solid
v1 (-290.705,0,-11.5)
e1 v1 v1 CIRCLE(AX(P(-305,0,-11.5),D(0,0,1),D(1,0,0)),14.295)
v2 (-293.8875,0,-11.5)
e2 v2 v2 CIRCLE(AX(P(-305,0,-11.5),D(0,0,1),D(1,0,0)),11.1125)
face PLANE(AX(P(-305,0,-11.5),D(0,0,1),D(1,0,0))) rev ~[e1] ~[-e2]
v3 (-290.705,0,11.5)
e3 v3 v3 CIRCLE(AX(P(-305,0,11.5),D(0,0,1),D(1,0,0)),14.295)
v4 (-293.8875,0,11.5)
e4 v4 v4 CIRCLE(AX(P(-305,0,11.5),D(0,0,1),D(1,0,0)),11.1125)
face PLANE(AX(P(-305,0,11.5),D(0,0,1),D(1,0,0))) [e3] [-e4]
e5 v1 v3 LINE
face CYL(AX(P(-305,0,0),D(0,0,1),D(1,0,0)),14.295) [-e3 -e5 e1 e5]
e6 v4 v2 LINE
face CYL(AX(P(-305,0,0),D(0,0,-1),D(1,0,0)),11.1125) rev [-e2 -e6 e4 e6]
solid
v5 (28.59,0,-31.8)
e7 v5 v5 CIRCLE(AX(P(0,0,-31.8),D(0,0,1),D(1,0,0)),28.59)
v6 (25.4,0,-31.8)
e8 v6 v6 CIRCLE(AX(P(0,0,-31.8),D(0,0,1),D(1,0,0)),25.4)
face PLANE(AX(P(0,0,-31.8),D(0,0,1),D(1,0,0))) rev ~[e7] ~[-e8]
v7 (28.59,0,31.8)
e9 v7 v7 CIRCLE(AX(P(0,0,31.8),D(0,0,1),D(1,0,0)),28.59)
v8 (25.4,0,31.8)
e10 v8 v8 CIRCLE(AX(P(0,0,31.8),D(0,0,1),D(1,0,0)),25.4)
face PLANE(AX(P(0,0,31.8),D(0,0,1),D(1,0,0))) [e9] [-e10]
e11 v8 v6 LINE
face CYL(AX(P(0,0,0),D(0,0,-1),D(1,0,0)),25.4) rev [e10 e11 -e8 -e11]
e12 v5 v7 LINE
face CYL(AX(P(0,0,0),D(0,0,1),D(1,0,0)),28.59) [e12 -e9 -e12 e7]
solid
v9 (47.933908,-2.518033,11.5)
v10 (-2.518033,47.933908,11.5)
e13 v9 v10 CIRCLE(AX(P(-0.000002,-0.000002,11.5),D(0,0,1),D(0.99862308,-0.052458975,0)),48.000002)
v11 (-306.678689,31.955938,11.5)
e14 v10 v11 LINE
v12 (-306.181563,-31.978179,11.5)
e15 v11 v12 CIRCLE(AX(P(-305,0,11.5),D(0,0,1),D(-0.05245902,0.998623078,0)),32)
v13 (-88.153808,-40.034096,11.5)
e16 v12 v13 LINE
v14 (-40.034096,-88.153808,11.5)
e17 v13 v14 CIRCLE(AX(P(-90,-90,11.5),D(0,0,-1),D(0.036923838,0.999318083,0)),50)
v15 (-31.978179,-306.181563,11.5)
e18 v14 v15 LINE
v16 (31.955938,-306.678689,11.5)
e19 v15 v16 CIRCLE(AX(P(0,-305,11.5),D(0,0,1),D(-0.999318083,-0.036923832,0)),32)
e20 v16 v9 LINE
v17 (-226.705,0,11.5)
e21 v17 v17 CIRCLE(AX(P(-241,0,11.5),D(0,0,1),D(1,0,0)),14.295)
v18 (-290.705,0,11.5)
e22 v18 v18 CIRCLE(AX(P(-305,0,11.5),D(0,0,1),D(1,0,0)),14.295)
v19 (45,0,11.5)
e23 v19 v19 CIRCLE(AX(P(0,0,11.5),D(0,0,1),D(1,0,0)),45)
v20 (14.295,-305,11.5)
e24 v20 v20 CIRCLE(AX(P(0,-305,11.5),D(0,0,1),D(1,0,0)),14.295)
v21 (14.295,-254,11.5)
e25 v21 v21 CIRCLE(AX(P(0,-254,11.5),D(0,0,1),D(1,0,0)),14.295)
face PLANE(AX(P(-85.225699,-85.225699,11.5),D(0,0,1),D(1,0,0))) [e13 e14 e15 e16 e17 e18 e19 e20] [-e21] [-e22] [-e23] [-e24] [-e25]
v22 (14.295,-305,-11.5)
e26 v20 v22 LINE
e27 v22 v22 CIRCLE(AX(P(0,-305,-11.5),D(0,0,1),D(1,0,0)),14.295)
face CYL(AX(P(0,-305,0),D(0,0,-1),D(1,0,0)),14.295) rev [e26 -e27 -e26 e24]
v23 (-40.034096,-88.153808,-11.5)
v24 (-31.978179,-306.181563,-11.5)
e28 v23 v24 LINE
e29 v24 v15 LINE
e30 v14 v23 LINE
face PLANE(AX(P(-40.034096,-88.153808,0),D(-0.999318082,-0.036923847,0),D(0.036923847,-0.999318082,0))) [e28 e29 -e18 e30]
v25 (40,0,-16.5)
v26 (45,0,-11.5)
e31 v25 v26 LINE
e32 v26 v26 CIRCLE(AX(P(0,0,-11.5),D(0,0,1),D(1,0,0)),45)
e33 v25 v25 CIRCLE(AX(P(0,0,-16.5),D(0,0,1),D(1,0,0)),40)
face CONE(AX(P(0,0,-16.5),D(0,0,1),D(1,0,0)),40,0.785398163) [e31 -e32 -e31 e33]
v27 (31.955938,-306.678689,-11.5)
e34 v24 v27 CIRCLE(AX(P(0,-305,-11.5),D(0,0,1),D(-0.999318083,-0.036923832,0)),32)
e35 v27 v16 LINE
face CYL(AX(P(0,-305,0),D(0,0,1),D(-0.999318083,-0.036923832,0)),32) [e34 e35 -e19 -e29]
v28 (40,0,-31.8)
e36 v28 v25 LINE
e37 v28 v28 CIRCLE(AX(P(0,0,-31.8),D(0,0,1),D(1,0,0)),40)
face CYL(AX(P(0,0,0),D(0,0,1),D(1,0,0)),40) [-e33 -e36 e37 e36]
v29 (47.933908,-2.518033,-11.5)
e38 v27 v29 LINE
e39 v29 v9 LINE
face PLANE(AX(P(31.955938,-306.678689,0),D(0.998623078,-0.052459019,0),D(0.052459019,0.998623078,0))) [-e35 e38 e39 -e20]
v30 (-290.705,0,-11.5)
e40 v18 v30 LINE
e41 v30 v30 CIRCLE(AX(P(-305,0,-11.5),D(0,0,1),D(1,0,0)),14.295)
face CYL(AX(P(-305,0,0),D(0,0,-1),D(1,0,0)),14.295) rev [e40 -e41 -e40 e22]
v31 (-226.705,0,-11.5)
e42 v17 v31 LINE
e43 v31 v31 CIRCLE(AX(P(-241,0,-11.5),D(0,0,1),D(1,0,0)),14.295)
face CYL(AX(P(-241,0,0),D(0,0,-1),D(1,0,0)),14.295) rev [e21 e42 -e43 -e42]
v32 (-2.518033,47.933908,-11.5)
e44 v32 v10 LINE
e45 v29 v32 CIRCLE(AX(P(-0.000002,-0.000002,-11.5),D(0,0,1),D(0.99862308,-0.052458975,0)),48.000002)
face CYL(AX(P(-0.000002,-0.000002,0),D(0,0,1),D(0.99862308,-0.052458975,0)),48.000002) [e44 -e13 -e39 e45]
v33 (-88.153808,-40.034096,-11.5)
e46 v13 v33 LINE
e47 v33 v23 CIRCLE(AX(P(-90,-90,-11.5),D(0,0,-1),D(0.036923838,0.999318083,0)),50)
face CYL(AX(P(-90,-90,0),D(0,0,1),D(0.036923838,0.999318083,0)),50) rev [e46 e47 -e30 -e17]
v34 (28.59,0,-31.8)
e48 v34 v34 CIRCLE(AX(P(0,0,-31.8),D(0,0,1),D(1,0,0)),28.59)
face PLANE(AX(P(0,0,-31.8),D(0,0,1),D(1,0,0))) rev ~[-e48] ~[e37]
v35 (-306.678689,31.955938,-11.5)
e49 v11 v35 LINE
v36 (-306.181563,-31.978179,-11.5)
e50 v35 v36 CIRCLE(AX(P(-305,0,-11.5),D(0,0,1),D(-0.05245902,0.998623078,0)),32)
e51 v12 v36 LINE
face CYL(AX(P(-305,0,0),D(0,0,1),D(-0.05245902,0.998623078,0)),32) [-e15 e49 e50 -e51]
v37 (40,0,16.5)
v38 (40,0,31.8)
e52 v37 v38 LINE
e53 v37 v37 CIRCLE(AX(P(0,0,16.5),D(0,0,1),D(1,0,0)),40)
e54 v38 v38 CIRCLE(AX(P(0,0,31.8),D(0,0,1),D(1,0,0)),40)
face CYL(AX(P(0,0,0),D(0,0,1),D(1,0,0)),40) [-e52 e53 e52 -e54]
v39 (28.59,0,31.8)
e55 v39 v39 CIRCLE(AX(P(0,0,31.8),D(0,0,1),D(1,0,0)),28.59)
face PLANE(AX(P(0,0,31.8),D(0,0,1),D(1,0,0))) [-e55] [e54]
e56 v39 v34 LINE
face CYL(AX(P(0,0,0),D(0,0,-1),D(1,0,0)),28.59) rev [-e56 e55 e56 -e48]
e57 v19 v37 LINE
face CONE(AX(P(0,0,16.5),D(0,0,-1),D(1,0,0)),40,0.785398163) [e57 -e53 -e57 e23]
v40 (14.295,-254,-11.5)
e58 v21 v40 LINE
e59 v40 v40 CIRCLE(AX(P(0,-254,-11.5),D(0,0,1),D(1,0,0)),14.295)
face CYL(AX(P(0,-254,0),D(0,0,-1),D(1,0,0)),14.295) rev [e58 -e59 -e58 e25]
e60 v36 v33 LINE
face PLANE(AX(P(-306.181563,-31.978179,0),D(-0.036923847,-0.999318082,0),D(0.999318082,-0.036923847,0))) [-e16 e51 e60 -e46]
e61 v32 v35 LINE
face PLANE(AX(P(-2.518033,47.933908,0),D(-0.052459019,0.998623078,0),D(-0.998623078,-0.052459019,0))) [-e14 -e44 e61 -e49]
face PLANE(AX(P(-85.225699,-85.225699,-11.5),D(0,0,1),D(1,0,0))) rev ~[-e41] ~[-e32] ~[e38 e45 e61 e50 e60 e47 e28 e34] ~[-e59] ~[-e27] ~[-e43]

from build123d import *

# Parameters (mm, degrees)
F0_R     = 14.295
F0_R_2   = 40
F1_DEPTH = 11.5
F0_R_3   = 28.59
F2_DEPTH = 31.8
F3_SIZE  = 5
F0_R_4   = 11.1125
F4_DEPTH = 11.5
F0_R_5   = 25.4
F5_DEPTH = 31.8


with BuildPart() as f1:
    # F0 (on Top) → F1 (new body, symmetric)
    with BuildSketch(Plane.XY):
        with BuildLine():
            Line((-40.034096, -88.153808), (-31.978179, -306.181563))
            ThreePointArc((-31.978179, -306.181563), (-0.248811, -336.999033), (31.955938, -306.678689))
            Line((31.955938, -306.678689), (47.933908, -2.518033))
            ThreePointArc((47.933908, -2.518033), (33.941125, 33.941125), (-2.518033, 47.933908))
            Line((-2.518033, 47.933908), (-306.678689, 31.955938))
            ThreePointArc((-306.678689, 31.955938), (-336.999033, -0.248811), (-306.181563, -31.978179))
            Line((-306.181563, -31.978179), (-88.153808, -40.034096))
            ThreePointArc((-88.153808, -40.034096), (-54.644661, -54.644661), (-40.034096, -88.153808))
        make_face()
        with Locations((0, -305)):
            Circle(F0_R, mode=Mode.SUBTRACT)
        with Locations((0, -254)):
            Circle(F0_R, mode=Mode.SUBTRACT)
        with Locations((-305, 0)):
            Circle(F0_R, mode=Mode.SUBTRACT)
        with Locations((-241, 0)):
            Circle(F0_R, mode=Mode.SUBTRACT)
        Circle(F0_R_2, mode=Mode.SUBTRACT)
    extrude(amount=F1_DEPTH, both=True)

    # F0 (on Top) → F2 (join, symmetric)
    with BuildSketch(Plane.XY):
        Circle(F0_R_2)
        Circle(F0_R_3, mode=Mode.SUBTRACT)
    extrude(amount=F2_DEPTH, both=True)

    # F3
    f3_edges = [f1.edges().sort_by_distance(p)[0] for p in [
        (-40, 0, -11.5),
        (-40, 0, 11.5),
    ]]
    chamfer(f3_edges, length=F3_SIZE)


with BuildPart() as f4:
    # F0 (on Top) → F4 (new body, symmetric)
    with BuildSketch(Plane.XY):
        with Locations((-305, 0)):
            Circle(F0_R)
        with Locations((-305, 0)):
            Circle(F0_R_4, mode=Mode.SUBTRACT)
    extrude(amount=F4_DEPTH, both=True)


with BuildPart() as f5:
    # F0 (on Top) → F5 (new body, symmetric)
    with BuildSketch(Plane.XY):
        Circle(F0_R_3)
        Circle(F0_R_5, mode=Mode.SUBTRACT)
    extrude(amount=F5_DEPTH, both=True)


solid = Compound([f1.part, f4.part, f5.part])
